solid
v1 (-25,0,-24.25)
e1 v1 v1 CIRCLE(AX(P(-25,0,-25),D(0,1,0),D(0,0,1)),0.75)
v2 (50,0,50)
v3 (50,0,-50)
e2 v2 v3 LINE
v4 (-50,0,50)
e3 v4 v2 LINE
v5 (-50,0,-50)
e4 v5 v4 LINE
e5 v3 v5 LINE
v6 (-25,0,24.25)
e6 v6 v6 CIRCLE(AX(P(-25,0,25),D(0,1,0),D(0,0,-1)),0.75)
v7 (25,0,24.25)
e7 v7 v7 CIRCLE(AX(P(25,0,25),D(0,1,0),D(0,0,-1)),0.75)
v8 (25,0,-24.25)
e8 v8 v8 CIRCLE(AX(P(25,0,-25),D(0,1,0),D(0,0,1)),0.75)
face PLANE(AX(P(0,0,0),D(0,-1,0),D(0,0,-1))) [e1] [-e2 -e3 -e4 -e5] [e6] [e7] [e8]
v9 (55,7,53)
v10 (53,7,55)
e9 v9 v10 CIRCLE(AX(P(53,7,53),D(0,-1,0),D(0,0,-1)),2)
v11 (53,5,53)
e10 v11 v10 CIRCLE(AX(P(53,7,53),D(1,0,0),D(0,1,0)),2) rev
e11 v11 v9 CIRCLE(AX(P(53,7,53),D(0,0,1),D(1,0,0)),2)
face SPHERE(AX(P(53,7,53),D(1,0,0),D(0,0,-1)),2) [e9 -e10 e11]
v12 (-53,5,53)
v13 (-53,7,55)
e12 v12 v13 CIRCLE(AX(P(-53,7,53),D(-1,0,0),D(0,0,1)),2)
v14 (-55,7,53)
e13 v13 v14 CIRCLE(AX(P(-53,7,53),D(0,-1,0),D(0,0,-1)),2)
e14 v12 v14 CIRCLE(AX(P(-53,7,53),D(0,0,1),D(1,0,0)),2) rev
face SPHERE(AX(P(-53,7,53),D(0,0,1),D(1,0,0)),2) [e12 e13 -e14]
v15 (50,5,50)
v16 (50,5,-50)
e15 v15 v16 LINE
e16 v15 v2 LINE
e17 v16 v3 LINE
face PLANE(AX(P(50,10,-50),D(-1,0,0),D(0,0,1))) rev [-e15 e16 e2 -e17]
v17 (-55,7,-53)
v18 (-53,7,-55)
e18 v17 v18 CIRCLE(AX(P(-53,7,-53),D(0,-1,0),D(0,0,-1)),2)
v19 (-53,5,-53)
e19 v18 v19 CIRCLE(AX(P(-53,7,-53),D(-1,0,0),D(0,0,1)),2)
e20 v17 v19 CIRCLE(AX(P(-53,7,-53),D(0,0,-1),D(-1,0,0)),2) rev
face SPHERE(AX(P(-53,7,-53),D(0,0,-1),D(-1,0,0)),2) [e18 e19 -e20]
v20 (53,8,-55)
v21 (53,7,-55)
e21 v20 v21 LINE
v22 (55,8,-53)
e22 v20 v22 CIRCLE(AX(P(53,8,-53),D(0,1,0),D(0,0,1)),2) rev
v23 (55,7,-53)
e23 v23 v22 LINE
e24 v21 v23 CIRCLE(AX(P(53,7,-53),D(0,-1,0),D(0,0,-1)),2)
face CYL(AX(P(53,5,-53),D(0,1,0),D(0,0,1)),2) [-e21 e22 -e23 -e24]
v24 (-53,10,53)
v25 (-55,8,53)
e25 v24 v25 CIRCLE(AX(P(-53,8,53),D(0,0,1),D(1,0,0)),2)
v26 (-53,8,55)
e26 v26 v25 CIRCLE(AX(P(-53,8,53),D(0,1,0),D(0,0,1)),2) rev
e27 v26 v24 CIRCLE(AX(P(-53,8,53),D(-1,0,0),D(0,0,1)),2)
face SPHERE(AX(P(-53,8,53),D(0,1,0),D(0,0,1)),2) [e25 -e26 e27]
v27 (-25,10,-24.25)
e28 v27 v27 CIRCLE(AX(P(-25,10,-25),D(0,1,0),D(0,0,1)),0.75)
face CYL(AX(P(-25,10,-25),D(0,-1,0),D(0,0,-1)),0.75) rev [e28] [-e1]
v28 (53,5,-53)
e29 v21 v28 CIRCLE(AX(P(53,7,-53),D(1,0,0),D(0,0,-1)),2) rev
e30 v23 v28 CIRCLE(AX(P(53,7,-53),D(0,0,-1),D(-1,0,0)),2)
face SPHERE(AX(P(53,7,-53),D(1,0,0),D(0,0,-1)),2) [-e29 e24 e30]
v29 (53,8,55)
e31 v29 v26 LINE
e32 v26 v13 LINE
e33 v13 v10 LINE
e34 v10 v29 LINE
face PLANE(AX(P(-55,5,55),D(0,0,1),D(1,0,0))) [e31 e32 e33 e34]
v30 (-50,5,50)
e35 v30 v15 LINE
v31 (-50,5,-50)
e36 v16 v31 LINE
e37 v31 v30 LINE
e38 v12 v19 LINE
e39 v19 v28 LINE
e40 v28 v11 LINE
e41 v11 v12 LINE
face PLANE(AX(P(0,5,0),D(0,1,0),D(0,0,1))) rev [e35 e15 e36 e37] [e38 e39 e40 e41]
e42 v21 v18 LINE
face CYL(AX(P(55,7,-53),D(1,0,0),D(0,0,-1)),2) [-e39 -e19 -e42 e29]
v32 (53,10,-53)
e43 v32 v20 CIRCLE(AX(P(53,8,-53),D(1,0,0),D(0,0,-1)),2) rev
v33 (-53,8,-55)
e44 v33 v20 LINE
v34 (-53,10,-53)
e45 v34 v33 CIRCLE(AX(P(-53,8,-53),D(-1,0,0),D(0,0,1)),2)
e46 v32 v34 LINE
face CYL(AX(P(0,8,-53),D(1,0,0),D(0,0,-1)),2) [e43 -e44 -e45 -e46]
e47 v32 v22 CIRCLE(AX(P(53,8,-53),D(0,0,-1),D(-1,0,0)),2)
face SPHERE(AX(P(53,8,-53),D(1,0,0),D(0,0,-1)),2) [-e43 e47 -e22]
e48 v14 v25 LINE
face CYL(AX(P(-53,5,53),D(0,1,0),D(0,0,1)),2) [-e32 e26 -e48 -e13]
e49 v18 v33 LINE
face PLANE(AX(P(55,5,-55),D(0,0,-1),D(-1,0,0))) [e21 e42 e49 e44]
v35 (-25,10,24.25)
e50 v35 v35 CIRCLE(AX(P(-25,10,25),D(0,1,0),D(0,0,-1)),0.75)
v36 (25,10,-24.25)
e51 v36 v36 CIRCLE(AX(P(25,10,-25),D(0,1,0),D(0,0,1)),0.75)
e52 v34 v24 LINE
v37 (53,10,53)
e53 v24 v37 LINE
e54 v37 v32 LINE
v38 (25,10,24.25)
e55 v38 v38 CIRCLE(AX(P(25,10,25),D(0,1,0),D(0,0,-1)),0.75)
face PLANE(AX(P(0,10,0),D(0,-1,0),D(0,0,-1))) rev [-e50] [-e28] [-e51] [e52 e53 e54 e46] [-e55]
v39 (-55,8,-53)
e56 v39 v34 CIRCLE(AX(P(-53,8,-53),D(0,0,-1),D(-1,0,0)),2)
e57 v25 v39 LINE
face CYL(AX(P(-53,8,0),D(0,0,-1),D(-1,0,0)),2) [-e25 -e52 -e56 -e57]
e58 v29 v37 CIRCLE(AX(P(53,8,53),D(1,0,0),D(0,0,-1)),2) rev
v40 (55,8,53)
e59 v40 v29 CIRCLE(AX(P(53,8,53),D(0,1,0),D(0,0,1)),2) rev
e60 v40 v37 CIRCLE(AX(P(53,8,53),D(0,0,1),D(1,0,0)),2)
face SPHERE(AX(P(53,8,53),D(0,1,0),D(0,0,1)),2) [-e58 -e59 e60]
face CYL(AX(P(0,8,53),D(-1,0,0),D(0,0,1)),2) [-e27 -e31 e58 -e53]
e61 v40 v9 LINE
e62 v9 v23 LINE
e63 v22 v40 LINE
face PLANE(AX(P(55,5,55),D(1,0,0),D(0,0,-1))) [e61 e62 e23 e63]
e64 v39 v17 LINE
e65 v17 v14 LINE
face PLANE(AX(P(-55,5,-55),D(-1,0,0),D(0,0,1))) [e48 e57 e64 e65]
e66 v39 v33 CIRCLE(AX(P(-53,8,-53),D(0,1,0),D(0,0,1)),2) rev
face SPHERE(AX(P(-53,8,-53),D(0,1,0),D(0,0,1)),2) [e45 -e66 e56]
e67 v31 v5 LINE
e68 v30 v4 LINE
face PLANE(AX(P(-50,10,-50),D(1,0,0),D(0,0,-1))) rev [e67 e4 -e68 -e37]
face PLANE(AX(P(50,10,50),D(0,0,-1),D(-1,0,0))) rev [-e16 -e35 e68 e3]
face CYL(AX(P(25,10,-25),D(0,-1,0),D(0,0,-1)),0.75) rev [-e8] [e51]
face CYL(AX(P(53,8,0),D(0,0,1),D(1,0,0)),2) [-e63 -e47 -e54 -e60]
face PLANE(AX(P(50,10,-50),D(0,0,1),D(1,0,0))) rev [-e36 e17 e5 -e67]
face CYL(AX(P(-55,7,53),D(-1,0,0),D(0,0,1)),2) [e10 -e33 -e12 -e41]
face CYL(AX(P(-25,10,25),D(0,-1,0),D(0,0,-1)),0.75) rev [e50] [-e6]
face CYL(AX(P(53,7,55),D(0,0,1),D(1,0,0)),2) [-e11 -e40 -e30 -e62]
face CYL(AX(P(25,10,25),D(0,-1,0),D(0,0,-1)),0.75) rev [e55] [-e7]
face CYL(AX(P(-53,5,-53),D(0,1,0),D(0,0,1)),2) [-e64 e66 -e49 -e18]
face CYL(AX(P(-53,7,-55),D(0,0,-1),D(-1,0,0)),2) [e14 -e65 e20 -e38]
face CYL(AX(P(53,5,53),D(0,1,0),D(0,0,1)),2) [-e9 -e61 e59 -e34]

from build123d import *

# Parameters (mm, degrees)
SKETCH1_W           = 100
SKETCH1_H           = 100
SKETCH1_R           = 0.75
BOSS_EXTRUDE1_DEPTH = 10
SKETCH2_W           = 110
SKETCH2_H           = 110
SKETCH2_W_2         = 100
SKETCH2_H_2         = 100
BOSS_EXTRUDE3_DEPTH = 5
FILLET2_R           = 2


with BuildPart() as part:
    # Sketch1 → Boss-Extrude1 (new body)
    with BuildSketch(Plane(origin=(0, 0, 0), x_dir=(1, 0, 0), z_dir=(0, 1, 0))):
        Rectangle(SKETCH1_W, SKETCH1_H)
        with Locations(Location((-25, 25, 0), (0, 0, 270))):
            Circle(SKETCH1_R, mode=Mode.SUBTRACT)
        with Locations(Location((25, -25, 0), (0, 0, 90))):
            Circle(SKETCH1_R, mode=Mode.SUBTRACT)
        with Locations(Location((25, 25, 0), (0, 0, 270))):
            Circle(SKETCH1_R, mode=Mode.SUBTRACT)
        with Locations(Location((-25, -25, 0), (0, 0, 90))):
            Circle(SKETCH1_R, mode=Mode.SUBTRACT)
    extrude(amount=BOSS_EXTRUDE1_DEPTH)

    # Sketch2 → Boss-Extrude3 (add)
    with BuildSketch(Plane(origin=(0, 10, 0), x_dir=(1, 0, 0), z_dir=(0, 1, 0))):
        Rectangle(SKETCH2_W, SKETCH2_H)
        Rectangle(SKETCH2_W_2, SKETCH2_H_2, mode=Mode.SUBTRACT)
    extrude(amount=-BOSS_EXTRUDE3_DEPTH)

    # Fillet2
    fillet2_edges = [part.edges().sort_by_distance(p)[0] for p in [
        (0, 5, -55),
        (-55, 7.5, -55),
        (55, 5, 0),
        (55, 7.5, -55),
        (0, 5, 55),
        (55, 7.5, 55),
        (-55, 5, 0),
        (-55, 7.5, 55),
        (0, 10, -55),
        (-55, 10, 0),
        (0, 10, 55),
        (55, 10, 0),
    ]]
    fillet(fillet2_edges, radius=FILLET2_R)


solid = part.part
